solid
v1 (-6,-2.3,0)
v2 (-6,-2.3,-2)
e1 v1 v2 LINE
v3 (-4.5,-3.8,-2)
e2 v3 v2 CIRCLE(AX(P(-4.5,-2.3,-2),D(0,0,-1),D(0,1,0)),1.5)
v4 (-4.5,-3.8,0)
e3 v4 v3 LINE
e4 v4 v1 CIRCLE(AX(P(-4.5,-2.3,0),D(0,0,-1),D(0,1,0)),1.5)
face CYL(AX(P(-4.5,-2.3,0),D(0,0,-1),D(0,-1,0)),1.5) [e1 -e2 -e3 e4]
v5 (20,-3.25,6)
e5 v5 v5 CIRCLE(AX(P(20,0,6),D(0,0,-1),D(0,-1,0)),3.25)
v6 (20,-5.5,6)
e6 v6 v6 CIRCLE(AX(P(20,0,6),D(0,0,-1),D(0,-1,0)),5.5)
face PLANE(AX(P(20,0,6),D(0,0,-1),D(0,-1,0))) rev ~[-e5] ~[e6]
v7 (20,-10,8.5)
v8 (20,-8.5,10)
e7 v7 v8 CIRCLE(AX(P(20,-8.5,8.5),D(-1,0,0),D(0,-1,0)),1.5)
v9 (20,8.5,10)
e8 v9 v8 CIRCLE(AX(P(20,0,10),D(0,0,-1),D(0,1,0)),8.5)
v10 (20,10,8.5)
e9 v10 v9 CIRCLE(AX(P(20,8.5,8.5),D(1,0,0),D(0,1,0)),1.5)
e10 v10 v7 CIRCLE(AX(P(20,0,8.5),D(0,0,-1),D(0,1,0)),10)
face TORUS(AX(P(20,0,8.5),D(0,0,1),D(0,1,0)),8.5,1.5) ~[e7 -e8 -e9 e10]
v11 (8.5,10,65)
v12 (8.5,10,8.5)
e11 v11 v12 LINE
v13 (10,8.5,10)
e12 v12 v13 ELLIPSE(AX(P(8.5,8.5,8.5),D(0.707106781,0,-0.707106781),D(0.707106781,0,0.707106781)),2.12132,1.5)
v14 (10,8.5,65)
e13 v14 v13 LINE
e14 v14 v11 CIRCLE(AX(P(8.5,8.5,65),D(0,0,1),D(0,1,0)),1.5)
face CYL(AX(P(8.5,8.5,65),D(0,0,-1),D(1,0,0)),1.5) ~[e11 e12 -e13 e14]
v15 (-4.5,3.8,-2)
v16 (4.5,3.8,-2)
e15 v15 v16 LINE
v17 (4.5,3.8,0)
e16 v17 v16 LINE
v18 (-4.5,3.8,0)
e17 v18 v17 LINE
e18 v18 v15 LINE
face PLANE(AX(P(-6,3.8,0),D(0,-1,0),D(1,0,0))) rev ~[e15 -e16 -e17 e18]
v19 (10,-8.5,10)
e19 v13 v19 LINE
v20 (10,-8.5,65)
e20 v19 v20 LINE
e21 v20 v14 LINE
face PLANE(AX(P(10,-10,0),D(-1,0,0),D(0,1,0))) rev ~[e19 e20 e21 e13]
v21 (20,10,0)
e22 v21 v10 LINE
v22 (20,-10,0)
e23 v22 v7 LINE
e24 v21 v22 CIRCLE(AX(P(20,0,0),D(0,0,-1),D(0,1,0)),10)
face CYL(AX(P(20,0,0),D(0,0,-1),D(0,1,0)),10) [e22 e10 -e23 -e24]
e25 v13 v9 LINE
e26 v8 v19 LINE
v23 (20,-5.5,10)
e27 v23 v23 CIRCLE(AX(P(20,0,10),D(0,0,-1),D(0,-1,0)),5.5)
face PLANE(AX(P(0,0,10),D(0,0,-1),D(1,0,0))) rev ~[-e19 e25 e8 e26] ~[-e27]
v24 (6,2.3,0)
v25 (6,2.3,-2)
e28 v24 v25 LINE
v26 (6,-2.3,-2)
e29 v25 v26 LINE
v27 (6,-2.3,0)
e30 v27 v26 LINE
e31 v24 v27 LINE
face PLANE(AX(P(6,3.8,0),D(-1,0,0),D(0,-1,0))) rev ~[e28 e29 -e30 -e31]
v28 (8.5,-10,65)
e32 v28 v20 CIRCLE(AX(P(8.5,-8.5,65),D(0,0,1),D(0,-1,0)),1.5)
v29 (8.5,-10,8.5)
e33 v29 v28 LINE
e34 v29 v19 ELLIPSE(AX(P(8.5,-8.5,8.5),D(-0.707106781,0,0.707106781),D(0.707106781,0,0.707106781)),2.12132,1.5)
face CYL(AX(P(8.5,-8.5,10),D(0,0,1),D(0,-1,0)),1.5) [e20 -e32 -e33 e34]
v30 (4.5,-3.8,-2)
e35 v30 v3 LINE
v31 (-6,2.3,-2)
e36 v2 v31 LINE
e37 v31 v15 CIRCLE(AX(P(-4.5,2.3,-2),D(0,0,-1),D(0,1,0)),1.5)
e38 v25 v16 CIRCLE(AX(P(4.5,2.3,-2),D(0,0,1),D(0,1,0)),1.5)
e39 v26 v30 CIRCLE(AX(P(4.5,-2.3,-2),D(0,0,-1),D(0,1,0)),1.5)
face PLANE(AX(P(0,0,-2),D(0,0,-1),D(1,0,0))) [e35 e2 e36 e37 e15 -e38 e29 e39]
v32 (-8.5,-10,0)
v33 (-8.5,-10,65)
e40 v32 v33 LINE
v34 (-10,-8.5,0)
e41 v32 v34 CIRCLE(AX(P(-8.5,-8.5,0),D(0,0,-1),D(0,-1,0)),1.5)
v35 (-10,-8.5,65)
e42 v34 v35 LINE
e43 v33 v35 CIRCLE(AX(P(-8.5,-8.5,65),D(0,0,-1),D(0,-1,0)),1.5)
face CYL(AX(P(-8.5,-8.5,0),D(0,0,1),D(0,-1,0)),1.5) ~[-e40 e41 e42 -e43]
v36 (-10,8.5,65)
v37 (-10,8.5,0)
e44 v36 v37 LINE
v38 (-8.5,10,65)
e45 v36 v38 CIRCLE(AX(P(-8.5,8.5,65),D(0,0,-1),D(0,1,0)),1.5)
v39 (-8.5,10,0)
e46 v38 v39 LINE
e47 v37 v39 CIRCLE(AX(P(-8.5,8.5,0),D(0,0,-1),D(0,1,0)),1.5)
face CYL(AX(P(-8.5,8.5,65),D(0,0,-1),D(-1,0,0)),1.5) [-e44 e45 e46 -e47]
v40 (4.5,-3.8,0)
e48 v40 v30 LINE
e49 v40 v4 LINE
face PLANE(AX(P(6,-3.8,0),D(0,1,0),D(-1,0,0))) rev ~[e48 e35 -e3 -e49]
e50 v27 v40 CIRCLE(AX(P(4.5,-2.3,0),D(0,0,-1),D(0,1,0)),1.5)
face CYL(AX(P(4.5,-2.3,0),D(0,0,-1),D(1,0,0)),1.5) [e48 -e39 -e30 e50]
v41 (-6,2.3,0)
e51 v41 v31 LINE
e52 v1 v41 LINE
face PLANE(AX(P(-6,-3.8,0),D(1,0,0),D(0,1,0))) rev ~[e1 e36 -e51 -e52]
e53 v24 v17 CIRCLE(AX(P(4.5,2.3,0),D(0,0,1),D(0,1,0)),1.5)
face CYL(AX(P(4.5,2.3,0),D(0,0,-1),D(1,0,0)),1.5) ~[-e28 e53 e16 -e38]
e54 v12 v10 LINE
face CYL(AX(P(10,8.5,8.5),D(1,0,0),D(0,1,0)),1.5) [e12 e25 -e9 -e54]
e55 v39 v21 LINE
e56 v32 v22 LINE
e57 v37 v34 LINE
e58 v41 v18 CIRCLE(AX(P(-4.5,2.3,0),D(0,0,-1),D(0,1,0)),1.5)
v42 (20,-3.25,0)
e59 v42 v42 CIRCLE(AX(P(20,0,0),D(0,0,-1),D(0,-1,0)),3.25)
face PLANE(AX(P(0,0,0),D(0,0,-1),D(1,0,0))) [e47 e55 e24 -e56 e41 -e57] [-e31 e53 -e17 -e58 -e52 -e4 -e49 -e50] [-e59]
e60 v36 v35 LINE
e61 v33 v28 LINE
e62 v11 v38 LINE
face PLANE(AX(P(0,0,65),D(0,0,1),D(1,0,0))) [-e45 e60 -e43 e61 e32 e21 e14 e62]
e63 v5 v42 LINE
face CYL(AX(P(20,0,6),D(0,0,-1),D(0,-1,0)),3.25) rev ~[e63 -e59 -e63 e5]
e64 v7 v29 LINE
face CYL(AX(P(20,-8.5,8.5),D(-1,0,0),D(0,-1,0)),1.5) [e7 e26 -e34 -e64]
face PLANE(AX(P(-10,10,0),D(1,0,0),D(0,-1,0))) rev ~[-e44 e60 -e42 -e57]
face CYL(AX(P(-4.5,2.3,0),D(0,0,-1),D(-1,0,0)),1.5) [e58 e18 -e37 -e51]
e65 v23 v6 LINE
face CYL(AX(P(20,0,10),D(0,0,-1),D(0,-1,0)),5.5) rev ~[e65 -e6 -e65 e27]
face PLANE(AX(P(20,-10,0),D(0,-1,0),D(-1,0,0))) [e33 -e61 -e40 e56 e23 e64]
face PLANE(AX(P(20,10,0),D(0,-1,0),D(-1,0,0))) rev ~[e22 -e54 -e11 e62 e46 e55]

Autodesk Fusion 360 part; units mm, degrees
sketch "Sketch1" plane through (0, 0, 0) normal (0, 0, 1) x (1, 0, 0)
  line L0 (9, 9) -> (-9, 9)
  line L1 (-9, 9) -> (-9, -9)
  line L2 (-9, -9) -> (9, -9)
  line L3 (9, -9) -> (9, 9)
  line L4 (9, 9) -> (-9, -9) construction
  line L5 (-9, 9) -> (9, -9) construction
  dimension "d1" = 18
  dimension "d2" = 18
extrude "Extrude1" add sketch "Sketch1" along normal blind 35

Autodesk Fusion 360 part; units mm, degrees
sketch "Sketch1" plane through (0, 0, 0) normal (0, 0, 1) x (1, 0, 0)
  line L0 (-10, -10) -> (10, -10)
  line L1 (10, -10) -> (10, 10)
  line L2 (10, 10) -> (-10, 10)
  line L3 (-10, 10) -> (-10, -10)
  line L4 (-10, -10) -> (10, 10) construction
  line L5 (10, -10) -> (-10, 10) construction
  dimension "d1" = 20
  dimension "d2" = 20
extrude "Extrude1" add sketch "Sketch1" along normal blind 65
sketch "Sketch2" plane through (0, 0, 0) normal (0, 0, -1) x (1, 0, 0)
  line L0 (-10, 10) -> (-10, -10)
  line L1 (-10, -10) -> (10, -10)
  line L2 (10, -10) -> (10, 10)
  line L3 (10, 10) -> (-10, 10)
  line L4 (10, 10) -> (10, -10)
  line L5 (10, -10) -> (10, 10)
  line L6 (10, 10) -> (30, 10) construction
  line L7 (30, 10) -> (30, -10) construction
  line L8 (30, -10) -> (10, -10) construction
  arc A0 (20, -10) -> (20, 10) centre (20, 0) ccw
  line L9 (20, -10) -> (10, -10) construction
  line L10 (10, -10) -> (10, 10) construction
  line L11 (20, -10) -> (10, -10)
  line L12 (20, 10) -> (10, 10)
  point P0 (10, -10)
  point P1 (10, 10)
  dimension "d5" = 20
extrude "Extrude2" add sketch "Sketch2" against normal blind 10 contours L2 L4 L5 A0 L11 L12
sketch "Sketch4" plane through (0, 0, 10) normal (0, 0, 1) x (-1, 0, 0)
  arc A0 (-20, 10) -> (-20, -10) centre (-20, 0) ccw
  line L0 (-20, -10) -> (-10, -10)
  line L1 (-10, -10) -> (-10, 10)
  line L2 (-10, 10) -> (-20, 10)
  line L3 (-20, 10) -> (-20, -10) construction
  point P0 (-20, 10)
  point P1 (-20, -10)
hole "Hole1" at (20, 0, 10) direction (0, 0, -1) diameter 6.5 depth 10 tip angle 180 counterbore diameter 11 counterbore depth 4
sketch "Sketch5" plane through (0, 0, 0) normal (0, 0, -1) x (1, 0, 0)
  circle A0 centre (20, 0) radius 3.25
  line L0 (-10, 10) -> (-10, -10)
  line L1 (-10, -10) -> (20, -10)
  arc A1 (20, -10) -> (20, 10) centre (20, 0) ccw
  line L2 (20, 10) -> (-10, 10)
  line L3 (6, 3.8) -> (-6, 3.8)
  line L4 (-6, 3.8) -> (-6, -3.8)
  line L5 (-6, -3.8) -> (6, -3.8)
  line L6 (6, -3.8) -> (6, 3.8)
  line L7 (6, 3.8) -> (-6, -3.8) construction
  line L8 (-6, 3.8) -> (6, -3.8) construction
  dimension "d13" = 12
  dimension "d14" = 7.6
extrude "Extrude3" add sketch "Sketch5" along normal blind 2 contours L3 L4 L5 L6
fillet "Fillet1" radius 1.5 11 edges at (-10, 10, 32.5) (-10, -10, 32.5) (10, -10, 37.5) (15, -10, 10) (30, 0, 10) (15, 10, 10) (10, 10, 37.5) (6, 3.8, -1) (6, -3.8, -1) (-6, -3.8, -1) (-6, 3.8, -1)
